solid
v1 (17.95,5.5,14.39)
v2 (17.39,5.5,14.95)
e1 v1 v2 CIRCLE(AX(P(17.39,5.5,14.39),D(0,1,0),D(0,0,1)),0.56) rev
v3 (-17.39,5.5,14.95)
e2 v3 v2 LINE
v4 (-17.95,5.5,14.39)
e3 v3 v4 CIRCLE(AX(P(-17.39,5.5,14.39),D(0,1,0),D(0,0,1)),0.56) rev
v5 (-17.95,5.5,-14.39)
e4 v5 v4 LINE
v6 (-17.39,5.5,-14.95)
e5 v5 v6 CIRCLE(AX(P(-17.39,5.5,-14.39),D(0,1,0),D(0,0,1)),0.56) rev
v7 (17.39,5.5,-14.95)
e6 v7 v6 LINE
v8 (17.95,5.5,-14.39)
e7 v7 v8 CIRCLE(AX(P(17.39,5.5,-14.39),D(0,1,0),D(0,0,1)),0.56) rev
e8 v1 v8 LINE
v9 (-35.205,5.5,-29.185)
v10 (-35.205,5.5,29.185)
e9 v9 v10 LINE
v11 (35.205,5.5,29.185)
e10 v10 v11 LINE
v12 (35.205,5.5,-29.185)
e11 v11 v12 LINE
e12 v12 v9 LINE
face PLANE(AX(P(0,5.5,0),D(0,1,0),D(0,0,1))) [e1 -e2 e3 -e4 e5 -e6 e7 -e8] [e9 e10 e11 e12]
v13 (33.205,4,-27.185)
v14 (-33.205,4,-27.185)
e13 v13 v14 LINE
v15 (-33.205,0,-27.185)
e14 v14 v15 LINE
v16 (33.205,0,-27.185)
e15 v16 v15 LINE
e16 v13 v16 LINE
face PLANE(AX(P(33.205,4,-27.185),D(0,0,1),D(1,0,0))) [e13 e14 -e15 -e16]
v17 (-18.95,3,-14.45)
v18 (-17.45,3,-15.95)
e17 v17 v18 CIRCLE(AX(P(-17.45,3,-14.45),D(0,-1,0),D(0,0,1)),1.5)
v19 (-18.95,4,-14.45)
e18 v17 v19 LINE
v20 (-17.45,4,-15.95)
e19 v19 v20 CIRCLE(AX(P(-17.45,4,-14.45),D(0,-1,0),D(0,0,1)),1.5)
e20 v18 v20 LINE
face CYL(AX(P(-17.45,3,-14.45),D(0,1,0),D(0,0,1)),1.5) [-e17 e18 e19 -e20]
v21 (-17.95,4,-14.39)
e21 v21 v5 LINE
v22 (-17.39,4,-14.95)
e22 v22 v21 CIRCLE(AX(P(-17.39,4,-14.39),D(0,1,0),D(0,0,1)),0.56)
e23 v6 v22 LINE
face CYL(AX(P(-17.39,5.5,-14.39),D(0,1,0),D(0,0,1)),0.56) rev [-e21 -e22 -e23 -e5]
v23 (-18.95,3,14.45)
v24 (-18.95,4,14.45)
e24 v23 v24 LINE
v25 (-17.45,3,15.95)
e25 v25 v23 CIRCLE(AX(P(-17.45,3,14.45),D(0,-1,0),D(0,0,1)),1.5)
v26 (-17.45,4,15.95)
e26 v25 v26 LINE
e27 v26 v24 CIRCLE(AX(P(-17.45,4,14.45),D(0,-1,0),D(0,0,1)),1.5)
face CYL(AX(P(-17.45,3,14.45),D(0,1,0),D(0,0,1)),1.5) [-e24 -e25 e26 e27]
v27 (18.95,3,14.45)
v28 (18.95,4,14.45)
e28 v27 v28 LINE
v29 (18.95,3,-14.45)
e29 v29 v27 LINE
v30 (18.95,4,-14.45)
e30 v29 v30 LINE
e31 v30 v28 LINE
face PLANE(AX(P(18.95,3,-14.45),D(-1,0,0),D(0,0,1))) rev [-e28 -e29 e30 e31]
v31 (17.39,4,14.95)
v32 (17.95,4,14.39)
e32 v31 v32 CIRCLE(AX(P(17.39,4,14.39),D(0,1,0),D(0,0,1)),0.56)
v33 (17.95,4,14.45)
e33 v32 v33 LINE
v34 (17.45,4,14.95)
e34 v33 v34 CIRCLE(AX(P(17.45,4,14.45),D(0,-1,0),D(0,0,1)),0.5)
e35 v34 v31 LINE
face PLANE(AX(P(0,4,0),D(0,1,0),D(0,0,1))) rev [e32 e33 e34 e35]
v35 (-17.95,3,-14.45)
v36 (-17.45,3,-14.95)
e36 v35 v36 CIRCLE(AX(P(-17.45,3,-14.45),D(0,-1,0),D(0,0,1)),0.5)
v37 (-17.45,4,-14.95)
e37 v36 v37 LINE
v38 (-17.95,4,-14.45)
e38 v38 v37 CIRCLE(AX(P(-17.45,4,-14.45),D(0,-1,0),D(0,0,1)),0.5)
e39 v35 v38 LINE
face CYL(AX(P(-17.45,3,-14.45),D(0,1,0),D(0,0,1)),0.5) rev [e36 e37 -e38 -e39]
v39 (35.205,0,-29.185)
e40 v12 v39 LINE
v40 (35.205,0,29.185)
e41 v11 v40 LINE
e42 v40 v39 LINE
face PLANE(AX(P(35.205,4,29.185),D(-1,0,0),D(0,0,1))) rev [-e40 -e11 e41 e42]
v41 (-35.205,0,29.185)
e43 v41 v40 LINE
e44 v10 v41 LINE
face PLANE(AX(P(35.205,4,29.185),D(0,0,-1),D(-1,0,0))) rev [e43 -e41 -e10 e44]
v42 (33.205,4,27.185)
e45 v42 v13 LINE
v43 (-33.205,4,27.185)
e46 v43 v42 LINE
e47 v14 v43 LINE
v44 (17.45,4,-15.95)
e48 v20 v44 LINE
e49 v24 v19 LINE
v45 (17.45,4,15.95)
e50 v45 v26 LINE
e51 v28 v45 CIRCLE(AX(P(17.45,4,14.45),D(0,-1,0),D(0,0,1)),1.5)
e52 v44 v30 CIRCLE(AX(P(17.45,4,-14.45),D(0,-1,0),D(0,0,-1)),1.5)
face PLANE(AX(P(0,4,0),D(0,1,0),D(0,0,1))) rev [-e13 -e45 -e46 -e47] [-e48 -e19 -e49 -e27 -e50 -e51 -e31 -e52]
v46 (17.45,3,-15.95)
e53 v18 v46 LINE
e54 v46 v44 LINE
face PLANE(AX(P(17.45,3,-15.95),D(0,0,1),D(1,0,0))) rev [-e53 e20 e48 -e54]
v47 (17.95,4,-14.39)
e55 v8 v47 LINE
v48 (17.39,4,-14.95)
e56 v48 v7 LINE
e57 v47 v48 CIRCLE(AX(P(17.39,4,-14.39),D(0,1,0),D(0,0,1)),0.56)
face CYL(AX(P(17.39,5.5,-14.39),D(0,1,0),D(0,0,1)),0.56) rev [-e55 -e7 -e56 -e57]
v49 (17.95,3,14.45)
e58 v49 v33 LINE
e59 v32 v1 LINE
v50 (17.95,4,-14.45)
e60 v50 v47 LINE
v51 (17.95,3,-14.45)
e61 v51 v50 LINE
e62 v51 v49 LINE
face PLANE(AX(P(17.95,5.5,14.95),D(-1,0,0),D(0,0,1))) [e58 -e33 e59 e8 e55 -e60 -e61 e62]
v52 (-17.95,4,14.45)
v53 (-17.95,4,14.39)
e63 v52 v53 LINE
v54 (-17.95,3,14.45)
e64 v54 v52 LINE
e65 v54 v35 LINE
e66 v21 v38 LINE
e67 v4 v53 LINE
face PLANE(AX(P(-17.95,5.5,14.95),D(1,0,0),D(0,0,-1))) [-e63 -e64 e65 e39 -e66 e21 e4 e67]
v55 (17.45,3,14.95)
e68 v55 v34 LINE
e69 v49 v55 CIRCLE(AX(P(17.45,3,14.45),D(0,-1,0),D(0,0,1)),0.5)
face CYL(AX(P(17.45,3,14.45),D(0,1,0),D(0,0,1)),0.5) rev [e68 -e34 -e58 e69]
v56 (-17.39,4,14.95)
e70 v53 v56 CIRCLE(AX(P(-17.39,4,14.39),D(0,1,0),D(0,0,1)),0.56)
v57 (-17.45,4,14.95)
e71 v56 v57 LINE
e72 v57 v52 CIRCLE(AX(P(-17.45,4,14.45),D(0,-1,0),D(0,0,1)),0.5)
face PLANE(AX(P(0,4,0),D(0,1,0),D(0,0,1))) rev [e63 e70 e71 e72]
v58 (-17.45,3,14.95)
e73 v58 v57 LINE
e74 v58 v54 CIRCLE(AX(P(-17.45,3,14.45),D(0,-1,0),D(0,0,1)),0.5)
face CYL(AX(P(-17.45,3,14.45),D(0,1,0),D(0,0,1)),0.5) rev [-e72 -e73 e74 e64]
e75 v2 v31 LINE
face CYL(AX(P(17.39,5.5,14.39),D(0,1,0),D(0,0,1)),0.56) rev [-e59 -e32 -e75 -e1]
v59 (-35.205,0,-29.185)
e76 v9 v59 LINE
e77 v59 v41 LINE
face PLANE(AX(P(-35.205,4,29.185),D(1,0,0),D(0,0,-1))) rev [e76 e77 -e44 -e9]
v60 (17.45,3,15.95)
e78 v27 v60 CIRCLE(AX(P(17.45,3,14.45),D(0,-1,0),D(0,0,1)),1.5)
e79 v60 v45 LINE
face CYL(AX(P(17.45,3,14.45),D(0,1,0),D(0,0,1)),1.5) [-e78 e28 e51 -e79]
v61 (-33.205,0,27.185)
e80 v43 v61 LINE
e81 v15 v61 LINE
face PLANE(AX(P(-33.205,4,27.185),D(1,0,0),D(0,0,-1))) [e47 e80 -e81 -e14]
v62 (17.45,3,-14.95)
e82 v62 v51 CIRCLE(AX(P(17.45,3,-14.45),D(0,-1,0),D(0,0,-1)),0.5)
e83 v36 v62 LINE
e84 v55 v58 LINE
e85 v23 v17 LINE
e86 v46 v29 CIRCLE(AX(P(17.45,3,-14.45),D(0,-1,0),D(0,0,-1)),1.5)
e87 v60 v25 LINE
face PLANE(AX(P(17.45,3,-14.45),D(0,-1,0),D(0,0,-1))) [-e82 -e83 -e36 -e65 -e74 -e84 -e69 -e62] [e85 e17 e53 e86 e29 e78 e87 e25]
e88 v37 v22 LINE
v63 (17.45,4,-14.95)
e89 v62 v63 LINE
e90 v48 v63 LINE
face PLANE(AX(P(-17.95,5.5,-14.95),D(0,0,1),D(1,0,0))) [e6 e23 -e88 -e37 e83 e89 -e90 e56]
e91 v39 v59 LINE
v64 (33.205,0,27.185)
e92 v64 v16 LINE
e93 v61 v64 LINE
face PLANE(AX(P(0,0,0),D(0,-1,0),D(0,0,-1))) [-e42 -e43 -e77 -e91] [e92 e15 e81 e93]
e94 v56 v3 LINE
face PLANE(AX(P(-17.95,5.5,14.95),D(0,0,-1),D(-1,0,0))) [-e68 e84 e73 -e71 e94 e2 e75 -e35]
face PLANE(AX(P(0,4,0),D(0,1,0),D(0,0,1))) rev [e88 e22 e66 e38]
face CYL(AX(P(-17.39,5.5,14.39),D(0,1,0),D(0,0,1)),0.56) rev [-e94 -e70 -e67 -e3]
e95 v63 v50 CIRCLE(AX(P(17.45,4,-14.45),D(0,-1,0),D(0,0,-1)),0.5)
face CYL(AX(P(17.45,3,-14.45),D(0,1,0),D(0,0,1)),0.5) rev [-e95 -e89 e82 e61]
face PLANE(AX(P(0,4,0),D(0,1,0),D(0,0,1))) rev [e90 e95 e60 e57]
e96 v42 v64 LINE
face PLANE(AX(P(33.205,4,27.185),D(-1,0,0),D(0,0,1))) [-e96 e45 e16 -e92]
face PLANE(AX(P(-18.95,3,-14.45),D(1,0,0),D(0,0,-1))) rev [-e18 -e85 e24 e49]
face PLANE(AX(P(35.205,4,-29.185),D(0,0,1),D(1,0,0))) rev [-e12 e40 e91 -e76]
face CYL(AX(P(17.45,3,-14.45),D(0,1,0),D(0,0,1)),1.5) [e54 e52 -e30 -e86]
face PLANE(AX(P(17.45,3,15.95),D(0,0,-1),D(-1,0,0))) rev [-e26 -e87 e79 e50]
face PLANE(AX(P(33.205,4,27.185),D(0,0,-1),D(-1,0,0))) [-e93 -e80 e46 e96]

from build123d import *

# Parameters (mm, degrees)
SKETCH1_W           = 70.41
SKETCH1_H           = 58.37
SKETCH1_W_2         = 66.41
SKETCH1_H_2         = 54.37
BOSS_EXTRUDE1_DEPTH = 4
SKETCH2_W           = 70.41
SKETCH2_H           = 58.37
SKETCH2_W_2         = 35.9
SKETCH2_H_2         = 29.9
BOSS_EXTRUDE2_DEPTH = 1.5
FILLET1_R           = 0.56
BOSS_EXTRUDE3_DEPTH = 1


with BuildPart() as part:
    # Sketch1 → Boss-Extrude1 (new body)
    with BuildSketch(Plane(origin=(0, 0, 0), x_dir=(1, 0, 0), z_dir=(0, 1, 0))):
        Rectangle(SKETCH1_W, SKETCH1_H)
        Rectangle(SKETCH1_W_2, SKETCH1_H_2, mode=Mode.SUBTRACT)
    extrude(amount=BOSS_EXTRUDE1_DEPTH)

    # Sketch2 → Boss-Extrude2 (add)
    with BuildSketch(Plane(origin=(0, 4, 0), x_dir=(1, 0, 0), z_dir=(0, 1, 0))):
        Rectangle(SKETCH2_W, SKETCH2_H)
        Rectangle(SKETCH2_W_2, SKETCH2_H_2, mode=Mode.SUBTRACT)
    extrude(amount=BOSS_EXTRUDE2_DEPTH)

    # Fillet1
    fillet1_edges = [part.edges().sort_by_distance(p)[0] for p in [
        (17.95, 4.75, -14.95),
        (-17.95, 4.75, -14.95),
        (-17.95, 4.75, 14.95),
        (17.95, 4.75, 14.95),
    ]]
    fillet(fillet1_edges, radius=FILLET1_R)

    # Sketch3 → Boss-Extrude3 (add)
    with BuildSketch(Plane.XZ.offset(-4)):
        with BuildLine():
            Line((18.95, -14.45), (18.95, 14.45))
            ThreePointArc((18.95, 14.45), (18.510660172, 15.510660172), (17.45, 15.95))
            Line((17.45, 15.95), (-17.45, 15.95))
            ThreePointArc((-17.45, 15.95), (-18.510660172, 15.510660172), (-18.95, 14.45))
            Line((-18.95, 14.45), (-18.95, -14.45))
            ThreePointArc((-18.95, -14.45), (-18.510660172, -15.510660172), (-17.45, -15.95))
            Line((-17.45, -15.95), (17.45, -15.95))
            ThreePointArc((17.45, -15.95), (18.510660172, -15.510660172), (18.95, -14.45))
        make_face()
        with BuildLine():
            Line((17.45, -14.95), (-17.45, -14.95))
            ThreePointArc((-17.45, -14.95), (-17.803553391, -14.803553391), (-17.95, -14.45))
            Line((-17.95, -14.45), (-17.95, 14.45))
            ThreePointArc((-17.95, 14.45), (-17.803553391, 14.803553391), (-17.45, 14.95))
            Line((-17.45, 14.95), (17.45, 14.95))
            ThreePointArc((17.45, 14.95), (17.803553391, 14.803553391), (17.95, 14.45))
            Line((17.95, 14.45), (17.95, -14.45))
            ThreePointArc((17.95, -14.45), (17.803553391, -14.803553391), (17.45, -14.95))
        make_face(mode=Mode.SUBTRACT)
    extrude(amount=BOSS_EXTRUDE3_DEPTH)


solid = part.part
